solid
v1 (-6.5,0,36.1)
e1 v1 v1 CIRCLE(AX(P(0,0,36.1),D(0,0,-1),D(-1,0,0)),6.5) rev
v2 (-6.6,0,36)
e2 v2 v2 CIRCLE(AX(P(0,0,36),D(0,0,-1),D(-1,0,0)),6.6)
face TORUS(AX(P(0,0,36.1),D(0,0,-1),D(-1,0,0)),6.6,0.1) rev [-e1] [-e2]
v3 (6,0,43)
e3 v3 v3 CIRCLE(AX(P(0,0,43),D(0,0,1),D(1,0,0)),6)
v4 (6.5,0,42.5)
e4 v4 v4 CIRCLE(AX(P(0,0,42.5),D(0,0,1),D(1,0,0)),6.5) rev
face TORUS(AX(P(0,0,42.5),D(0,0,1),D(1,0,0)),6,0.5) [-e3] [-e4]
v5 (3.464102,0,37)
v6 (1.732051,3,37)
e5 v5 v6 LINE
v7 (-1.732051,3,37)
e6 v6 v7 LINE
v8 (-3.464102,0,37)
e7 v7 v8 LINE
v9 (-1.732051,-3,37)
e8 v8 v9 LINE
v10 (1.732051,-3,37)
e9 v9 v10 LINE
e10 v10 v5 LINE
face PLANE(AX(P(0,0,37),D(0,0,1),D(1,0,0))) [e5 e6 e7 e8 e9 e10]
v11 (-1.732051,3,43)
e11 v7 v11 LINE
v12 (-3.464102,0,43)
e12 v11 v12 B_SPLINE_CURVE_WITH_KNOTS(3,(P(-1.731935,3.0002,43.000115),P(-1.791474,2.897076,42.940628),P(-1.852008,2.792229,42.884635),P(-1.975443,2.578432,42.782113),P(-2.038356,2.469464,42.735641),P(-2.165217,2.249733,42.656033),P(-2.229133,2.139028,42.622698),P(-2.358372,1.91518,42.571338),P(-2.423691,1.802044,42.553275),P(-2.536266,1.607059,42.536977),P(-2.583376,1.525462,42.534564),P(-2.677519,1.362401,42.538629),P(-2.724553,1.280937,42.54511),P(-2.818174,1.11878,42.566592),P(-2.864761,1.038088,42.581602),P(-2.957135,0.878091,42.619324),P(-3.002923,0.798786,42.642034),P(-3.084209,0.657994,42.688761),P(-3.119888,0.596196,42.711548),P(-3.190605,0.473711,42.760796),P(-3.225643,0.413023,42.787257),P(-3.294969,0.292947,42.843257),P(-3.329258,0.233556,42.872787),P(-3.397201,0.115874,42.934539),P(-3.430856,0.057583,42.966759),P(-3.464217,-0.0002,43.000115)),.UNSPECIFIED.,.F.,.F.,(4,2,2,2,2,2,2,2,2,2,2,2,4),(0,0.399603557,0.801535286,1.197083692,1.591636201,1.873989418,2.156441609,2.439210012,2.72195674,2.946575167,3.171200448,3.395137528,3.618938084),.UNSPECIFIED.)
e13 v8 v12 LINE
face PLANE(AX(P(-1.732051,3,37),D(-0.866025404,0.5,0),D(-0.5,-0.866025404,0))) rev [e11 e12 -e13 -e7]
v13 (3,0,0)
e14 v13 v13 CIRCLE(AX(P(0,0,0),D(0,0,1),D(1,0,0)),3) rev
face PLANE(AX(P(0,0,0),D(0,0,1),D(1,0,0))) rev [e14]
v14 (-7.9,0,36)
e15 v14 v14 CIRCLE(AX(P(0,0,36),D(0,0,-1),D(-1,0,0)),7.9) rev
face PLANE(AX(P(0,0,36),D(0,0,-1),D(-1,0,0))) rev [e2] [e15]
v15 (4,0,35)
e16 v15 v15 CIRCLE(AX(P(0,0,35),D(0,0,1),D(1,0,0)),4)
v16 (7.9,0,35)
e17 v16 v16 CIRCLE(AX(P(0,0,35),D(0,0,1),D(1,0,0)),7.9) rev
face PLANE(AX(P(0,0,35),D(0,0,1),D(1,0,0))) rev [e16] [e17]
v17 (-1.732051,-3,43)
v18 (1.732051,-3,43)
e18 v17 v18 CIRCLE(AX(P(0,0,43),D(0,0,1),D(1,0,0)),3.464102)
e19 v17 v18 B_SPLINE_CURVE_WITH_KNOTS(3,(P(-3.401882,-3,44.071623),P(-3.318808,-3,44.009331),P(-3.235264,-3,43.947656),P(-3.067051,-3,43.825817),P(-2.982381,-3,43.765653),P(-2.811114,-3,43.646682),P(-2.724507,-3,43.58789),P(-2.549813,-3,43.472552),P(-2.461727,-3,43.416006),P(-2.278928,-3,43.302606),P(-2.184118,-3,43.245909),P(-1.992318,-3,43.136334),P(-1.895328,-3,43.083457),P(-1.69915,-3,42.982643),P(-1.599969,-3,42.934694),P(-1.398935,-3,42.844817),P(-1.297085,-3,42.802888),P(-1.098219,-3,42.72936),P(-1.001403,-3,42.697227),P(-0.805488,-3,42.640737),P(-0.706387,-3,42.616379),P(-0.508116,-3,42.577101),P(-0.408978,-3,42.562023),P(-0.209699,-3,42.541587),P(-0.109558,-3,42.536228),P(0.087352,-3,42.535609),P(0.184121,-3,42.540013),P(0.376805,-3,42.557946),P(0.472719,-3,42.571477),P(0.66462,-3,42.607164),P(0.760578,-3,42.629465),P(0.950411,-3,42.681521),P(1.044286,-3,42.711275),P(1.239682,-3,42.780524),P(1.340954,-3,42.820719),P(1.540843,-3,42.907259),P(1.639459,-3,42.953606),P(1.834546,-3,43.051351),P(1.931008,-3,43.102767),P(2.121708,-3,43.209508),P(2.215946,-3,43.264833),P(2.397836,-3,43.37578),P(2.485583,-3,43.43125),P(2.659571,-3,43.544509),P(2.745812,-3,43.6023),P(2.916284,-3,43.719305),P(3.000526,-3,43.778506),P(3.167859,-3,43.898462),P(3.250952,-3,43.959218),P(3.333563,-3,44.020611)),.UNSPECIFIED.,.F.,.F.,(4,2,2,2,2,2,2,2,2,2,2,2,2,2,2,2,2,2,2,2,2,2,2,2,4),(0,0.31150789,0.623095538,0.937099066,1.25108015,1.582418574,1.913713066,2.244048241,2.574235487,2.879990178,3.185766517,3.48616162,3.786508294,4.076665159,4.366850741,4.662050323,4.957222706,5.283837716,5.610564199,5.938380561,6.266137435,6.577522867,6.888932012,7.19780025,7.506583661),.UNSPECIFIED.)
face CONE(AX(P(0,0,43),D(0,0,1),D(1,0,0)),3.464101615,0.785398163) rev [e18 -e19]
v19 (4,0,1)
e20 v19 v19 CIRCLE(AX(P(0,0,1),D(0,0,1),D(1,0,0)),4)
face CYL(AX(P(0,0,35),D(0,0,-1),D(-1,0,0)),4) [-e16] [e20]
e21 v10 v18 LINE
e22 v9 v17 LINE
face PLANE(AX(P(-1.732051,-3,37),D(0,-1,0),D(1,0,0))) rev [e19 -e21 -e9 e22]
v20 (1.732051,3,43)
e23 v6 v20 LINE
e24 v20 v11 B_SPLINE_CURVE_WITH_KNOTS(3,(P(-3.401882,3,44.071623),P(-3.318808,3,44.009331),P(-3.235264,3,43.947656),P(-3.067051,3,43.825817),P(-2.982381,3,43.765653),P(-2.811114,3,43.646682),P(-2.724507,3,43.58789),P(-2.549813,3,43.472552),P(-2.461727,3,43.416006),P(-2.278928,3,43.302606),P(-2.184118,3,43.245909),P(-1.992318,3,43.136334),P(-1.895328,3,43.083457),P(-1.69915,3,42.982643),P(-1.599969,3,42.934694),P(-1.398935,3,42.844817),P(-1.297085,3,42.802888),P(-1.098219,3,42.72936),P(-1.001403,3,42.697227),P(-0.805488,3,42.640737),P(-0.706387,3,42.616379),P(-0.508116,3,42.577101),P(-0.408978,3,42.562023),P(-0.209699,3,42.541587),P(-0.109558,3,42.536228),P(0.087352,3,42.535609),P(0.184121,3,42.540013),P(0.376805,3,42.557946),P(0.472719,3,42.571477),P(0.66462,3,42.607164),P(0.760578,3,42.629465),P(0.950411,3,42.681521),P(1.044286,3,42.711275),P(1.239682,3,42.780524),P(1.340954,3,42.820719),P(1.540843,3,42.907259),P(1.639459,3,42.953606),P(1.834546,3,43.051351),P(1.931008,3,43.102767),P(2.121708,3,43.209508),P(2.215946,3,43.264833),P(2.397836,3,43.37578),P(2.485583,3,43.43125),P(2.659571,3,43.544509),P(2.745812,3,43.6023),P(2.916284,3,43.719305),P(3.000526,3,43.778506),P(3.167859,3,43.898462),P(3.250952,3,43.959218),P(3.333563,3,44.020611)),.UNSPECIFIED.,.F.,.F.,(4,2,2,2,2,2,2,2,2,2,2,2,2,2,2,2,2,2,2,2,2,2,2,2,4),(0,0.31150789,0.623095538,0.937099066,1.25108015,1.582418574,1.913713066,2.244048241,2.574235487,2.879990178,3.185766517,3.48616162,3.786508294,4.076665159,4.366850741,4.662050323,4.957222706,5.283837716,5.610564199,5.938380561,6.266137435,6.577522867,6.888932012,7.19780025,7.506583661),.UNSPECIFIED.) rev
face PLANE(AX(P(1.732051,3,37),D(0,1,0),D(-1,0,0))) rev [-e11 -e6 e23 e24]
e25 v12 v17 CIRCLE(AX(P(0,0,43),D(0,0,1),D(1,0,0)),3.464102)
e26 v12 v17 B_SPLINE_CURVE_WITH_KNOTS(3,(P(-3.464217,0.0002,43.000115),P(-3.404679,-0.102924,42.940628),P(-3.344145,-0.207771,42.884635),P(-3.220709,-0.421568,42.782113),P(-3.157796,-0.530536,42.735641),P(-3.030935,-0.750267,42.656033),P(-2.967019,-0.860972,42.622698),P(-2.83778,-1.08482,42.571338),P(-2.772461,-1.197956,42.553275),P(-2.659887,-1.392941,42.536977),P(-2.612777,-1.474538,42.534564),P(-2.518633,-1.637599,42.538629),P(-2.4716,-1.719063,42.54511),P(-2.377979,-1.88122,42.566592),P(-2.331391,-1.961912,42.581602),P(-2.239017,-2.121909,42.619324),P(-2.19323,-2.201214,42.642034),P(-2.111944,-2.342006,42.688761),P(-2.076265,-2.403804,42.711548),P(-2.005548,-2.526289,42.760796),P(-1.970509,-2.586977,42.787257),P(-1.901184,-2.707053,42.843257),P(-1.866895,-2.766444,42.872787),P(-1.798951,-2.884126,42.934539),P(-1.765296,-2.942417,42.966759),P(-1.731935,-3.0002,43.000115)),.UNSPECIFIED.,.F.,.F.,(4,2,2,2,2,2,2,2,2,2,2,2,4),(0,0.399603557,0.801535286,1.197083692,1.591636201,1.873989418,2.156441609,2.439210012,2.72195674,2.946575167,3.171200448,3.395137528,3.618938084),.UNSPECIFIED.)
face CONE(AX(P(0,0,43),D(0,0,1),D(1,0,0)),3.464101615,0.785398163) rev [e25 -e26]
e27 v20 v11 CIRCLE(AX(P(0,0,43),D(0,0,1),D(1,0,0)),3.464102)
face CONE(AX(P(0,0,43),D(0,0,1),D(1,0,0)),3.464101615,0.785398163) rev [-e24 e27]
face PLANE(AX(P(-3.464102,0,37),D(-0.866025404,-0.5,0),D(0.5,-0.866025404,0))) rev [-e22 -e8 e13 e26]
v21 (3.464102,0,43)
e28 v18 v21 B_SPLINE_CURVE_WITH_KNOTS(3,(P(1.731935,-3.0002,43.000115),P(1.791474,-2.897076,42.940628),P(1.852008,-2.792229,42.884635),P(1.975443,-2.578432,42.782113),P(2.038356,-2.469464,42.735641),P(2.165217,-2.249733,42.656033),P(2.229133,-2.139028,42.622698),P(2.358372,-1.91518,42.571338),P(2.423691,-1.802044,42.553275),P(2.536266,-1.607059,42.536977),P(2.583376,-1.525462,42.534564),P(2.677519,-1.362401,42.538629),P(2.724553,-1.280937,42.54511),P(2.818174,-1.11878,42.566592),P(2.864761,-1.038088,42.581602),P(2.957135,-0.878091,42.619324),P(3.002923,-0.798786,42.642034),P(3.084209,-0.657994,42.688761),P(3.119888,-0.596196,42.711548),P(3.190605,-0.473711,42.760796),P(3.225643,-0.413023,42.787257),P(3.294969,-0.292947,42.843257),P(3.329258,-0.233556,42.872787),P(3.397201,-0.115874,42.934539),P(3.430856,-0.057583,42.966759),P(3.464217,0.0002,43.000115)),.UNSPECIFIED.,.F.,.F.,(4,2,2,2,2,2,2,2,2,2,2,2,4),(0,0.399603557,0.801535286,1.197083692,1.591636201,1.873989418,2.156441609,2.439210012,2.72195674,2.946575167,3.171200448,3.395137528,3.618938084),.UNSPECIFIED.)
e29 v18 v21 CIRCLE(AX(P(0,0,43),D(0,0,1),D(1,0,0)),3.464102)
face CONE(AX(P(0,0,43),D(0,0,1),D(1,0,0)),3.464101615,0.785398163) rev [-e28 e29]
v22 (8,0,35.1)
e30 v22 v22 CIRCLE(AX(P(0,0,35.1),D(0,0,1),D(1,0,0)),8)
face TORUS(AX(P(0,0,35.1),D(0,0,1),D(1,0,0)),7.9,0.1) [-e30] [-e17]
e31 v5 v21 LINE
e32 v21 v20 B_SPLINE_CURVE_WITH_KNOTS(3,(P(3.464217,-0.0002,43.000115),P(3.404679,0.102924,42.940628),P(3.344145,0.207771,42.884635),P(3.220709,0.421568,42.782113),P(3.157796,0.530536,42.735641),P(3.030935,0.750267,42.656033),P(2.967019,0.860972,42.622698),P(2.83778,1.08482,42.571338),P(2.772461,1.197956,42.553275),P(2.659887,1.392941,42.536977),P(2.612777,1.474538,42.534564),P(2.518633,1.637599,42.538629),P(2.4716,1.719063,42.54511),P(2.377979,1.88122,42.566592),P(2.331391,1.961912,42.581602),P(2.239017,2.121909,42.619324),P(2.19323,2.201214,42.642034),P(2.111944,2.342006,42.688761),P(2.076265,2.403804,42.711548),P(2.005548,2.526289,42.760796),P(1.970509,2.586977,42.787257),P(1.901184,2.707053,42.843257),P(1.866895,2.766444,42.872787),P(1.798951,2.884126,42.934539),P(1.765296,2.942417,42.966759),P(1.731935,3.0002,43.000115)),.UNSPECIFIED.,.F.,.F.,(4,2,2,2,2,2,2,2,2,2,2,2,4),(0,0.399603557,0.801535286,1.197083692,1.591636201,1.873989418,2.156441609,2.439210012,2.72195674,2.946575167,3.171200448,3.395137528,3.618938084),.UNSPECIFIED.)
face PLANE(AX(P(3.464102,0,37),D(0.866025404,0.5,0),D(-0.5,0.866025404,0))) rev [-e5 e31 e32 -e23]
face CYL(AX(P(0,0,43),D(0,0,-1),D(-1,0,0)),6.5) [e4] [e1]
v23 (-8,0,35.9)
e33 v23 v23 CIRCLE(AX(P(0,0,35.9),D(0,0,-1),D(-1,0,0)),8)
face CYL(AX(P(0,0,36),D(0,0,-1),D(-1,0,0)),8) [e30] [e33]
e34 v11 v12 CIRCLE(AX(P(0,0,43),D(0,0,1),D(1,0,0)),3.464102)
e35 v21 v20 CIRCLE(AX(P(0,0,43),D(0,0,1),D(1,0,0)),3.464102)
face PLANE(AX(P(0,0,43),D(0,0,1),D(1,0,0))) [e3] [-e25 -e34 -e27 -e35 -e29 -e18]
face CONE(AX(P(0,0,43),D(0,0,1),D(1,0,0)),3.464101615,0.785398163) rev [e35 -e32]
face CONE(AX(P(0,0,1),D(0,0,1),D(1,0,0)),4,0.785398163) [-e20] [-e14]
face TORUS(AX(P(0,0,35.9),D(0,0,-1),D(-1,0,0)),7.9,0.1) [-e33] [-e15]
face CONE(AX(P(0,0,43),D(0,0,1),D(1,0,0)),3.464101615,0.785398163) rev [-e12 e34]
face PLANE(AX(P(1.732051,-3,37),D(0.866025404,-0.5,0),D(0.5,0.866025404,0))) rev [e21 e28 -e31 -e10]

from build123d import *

# Parameters (mm, degrees)
SCHIZZO1_R                   = 4
ESTRUSIONE_ESTRUSIONE1_DEPTH = 35
SMUSSO1_SIZE                 = 1
SCHIZZO6_R                   = 6.5
ESTRUSIONE_ESTRUSIONE3_DEPTH = 8
TAGLIO_ESTRUSIONE3_DEPTH     = 6
SCHIZZO8_R                   = 3.464101615
TAGLIO_ESTRUSIONE4_DEPTH     = 1
TAGLIO_ESTRUSIONE4_TAPER     = 45
RACCORDO1_R                  = 0.5
SCHIZZO9_R                   = 8
SCHIZZO9_R_2                 = 6.5
ESTRUSIONE_ESTRUSIONE4_DEPTH = 1
RACCORDO2_R                  = 0.1


with BuildPart() as part:
    # Schizzo1 → Estrusione-Estrusione1 (new body)
    with BuildSketch(Plane.XY):
        Circle(SCHIZZO1_R)
    extrude(amount=ESTRUSIONE_ESTRUSIONE1_DEPTH)

    # Smusso1
    smusso1_edges = [part.edges().sort_by_distance(p)[0] for p in [
        (-4, 0, 0),
    ]]
    chamfer(smusso1_edges, length=SMUSSO1_SIZE)

    # Schizzo6 → Estrusione-Estrusione3 (add)
    with BuildSketch(Plane.XY.offset(35)):
        Circle(SCHIZZO6_R)
    extrude(amount=ESTRUSIONE_ESTRUSIONE3_DEPTH)

    # Schizzo7 → Taglio-Estrusione3 (cut)
    with BuildSketch(Plane.XY.offset(43)):
        Polygon((1.732050808, 3), (-1.732050808, 3), (-3.464101615, 0), (-1.732050808, -3), (1.732050808, -3), (3.464101615, 0), align=None)
    extrude(amount=-TAGLIO_ESTRUSIONE3_DEPTH, mode=Mode.SUBTRACT)

    # Schizzo8 → Taglio-Estrusione4 (cut)
    with BuildSketch(Plane.XY.offset(43)):
        Circle(SCHIZZO8_R)
    extrude(amount=-TAGLIO_ESTRUSIONE4_DEPTH, taper=TAGLIO_ESTRUSIONE4_TAPER, mode=Mode.SUBTRACT)

    # Raccordo1
    raccordo1_edges = [part.edges().sort_by_distance(p)[0] for p in [
        (-6.5, 0, 43),
    ]]
    fillet(raccordo1_edges, radius=RACCORDO1_R)

    # Schizzo9 → Estrusione-Estrusione4 (add)
    with BuildSketch(Plane(origin=(0, 0, 35), x_dir=(-1, 0, 0), z_dir=(0, 0, -1))):
        Circle(SCHIZZO9_R)
        Circle(SCHIZZO9_R_2, mode=Mode.SUBTRACT)
    extrude(amount=-ESTRUSIONE_ESTRUSIONE4_DEPTH)

    # Raccordo2
    raccordo2_edges = [part.edges().sort_by_distance(p)[0] for p in [
        (-6.5, 0, 36),
        (8, 0, 36),
        (8, 0, 35),
    ]]
    fillet(raccordo2_edges, radius=RACCORDO2_R)


solid = part.part
